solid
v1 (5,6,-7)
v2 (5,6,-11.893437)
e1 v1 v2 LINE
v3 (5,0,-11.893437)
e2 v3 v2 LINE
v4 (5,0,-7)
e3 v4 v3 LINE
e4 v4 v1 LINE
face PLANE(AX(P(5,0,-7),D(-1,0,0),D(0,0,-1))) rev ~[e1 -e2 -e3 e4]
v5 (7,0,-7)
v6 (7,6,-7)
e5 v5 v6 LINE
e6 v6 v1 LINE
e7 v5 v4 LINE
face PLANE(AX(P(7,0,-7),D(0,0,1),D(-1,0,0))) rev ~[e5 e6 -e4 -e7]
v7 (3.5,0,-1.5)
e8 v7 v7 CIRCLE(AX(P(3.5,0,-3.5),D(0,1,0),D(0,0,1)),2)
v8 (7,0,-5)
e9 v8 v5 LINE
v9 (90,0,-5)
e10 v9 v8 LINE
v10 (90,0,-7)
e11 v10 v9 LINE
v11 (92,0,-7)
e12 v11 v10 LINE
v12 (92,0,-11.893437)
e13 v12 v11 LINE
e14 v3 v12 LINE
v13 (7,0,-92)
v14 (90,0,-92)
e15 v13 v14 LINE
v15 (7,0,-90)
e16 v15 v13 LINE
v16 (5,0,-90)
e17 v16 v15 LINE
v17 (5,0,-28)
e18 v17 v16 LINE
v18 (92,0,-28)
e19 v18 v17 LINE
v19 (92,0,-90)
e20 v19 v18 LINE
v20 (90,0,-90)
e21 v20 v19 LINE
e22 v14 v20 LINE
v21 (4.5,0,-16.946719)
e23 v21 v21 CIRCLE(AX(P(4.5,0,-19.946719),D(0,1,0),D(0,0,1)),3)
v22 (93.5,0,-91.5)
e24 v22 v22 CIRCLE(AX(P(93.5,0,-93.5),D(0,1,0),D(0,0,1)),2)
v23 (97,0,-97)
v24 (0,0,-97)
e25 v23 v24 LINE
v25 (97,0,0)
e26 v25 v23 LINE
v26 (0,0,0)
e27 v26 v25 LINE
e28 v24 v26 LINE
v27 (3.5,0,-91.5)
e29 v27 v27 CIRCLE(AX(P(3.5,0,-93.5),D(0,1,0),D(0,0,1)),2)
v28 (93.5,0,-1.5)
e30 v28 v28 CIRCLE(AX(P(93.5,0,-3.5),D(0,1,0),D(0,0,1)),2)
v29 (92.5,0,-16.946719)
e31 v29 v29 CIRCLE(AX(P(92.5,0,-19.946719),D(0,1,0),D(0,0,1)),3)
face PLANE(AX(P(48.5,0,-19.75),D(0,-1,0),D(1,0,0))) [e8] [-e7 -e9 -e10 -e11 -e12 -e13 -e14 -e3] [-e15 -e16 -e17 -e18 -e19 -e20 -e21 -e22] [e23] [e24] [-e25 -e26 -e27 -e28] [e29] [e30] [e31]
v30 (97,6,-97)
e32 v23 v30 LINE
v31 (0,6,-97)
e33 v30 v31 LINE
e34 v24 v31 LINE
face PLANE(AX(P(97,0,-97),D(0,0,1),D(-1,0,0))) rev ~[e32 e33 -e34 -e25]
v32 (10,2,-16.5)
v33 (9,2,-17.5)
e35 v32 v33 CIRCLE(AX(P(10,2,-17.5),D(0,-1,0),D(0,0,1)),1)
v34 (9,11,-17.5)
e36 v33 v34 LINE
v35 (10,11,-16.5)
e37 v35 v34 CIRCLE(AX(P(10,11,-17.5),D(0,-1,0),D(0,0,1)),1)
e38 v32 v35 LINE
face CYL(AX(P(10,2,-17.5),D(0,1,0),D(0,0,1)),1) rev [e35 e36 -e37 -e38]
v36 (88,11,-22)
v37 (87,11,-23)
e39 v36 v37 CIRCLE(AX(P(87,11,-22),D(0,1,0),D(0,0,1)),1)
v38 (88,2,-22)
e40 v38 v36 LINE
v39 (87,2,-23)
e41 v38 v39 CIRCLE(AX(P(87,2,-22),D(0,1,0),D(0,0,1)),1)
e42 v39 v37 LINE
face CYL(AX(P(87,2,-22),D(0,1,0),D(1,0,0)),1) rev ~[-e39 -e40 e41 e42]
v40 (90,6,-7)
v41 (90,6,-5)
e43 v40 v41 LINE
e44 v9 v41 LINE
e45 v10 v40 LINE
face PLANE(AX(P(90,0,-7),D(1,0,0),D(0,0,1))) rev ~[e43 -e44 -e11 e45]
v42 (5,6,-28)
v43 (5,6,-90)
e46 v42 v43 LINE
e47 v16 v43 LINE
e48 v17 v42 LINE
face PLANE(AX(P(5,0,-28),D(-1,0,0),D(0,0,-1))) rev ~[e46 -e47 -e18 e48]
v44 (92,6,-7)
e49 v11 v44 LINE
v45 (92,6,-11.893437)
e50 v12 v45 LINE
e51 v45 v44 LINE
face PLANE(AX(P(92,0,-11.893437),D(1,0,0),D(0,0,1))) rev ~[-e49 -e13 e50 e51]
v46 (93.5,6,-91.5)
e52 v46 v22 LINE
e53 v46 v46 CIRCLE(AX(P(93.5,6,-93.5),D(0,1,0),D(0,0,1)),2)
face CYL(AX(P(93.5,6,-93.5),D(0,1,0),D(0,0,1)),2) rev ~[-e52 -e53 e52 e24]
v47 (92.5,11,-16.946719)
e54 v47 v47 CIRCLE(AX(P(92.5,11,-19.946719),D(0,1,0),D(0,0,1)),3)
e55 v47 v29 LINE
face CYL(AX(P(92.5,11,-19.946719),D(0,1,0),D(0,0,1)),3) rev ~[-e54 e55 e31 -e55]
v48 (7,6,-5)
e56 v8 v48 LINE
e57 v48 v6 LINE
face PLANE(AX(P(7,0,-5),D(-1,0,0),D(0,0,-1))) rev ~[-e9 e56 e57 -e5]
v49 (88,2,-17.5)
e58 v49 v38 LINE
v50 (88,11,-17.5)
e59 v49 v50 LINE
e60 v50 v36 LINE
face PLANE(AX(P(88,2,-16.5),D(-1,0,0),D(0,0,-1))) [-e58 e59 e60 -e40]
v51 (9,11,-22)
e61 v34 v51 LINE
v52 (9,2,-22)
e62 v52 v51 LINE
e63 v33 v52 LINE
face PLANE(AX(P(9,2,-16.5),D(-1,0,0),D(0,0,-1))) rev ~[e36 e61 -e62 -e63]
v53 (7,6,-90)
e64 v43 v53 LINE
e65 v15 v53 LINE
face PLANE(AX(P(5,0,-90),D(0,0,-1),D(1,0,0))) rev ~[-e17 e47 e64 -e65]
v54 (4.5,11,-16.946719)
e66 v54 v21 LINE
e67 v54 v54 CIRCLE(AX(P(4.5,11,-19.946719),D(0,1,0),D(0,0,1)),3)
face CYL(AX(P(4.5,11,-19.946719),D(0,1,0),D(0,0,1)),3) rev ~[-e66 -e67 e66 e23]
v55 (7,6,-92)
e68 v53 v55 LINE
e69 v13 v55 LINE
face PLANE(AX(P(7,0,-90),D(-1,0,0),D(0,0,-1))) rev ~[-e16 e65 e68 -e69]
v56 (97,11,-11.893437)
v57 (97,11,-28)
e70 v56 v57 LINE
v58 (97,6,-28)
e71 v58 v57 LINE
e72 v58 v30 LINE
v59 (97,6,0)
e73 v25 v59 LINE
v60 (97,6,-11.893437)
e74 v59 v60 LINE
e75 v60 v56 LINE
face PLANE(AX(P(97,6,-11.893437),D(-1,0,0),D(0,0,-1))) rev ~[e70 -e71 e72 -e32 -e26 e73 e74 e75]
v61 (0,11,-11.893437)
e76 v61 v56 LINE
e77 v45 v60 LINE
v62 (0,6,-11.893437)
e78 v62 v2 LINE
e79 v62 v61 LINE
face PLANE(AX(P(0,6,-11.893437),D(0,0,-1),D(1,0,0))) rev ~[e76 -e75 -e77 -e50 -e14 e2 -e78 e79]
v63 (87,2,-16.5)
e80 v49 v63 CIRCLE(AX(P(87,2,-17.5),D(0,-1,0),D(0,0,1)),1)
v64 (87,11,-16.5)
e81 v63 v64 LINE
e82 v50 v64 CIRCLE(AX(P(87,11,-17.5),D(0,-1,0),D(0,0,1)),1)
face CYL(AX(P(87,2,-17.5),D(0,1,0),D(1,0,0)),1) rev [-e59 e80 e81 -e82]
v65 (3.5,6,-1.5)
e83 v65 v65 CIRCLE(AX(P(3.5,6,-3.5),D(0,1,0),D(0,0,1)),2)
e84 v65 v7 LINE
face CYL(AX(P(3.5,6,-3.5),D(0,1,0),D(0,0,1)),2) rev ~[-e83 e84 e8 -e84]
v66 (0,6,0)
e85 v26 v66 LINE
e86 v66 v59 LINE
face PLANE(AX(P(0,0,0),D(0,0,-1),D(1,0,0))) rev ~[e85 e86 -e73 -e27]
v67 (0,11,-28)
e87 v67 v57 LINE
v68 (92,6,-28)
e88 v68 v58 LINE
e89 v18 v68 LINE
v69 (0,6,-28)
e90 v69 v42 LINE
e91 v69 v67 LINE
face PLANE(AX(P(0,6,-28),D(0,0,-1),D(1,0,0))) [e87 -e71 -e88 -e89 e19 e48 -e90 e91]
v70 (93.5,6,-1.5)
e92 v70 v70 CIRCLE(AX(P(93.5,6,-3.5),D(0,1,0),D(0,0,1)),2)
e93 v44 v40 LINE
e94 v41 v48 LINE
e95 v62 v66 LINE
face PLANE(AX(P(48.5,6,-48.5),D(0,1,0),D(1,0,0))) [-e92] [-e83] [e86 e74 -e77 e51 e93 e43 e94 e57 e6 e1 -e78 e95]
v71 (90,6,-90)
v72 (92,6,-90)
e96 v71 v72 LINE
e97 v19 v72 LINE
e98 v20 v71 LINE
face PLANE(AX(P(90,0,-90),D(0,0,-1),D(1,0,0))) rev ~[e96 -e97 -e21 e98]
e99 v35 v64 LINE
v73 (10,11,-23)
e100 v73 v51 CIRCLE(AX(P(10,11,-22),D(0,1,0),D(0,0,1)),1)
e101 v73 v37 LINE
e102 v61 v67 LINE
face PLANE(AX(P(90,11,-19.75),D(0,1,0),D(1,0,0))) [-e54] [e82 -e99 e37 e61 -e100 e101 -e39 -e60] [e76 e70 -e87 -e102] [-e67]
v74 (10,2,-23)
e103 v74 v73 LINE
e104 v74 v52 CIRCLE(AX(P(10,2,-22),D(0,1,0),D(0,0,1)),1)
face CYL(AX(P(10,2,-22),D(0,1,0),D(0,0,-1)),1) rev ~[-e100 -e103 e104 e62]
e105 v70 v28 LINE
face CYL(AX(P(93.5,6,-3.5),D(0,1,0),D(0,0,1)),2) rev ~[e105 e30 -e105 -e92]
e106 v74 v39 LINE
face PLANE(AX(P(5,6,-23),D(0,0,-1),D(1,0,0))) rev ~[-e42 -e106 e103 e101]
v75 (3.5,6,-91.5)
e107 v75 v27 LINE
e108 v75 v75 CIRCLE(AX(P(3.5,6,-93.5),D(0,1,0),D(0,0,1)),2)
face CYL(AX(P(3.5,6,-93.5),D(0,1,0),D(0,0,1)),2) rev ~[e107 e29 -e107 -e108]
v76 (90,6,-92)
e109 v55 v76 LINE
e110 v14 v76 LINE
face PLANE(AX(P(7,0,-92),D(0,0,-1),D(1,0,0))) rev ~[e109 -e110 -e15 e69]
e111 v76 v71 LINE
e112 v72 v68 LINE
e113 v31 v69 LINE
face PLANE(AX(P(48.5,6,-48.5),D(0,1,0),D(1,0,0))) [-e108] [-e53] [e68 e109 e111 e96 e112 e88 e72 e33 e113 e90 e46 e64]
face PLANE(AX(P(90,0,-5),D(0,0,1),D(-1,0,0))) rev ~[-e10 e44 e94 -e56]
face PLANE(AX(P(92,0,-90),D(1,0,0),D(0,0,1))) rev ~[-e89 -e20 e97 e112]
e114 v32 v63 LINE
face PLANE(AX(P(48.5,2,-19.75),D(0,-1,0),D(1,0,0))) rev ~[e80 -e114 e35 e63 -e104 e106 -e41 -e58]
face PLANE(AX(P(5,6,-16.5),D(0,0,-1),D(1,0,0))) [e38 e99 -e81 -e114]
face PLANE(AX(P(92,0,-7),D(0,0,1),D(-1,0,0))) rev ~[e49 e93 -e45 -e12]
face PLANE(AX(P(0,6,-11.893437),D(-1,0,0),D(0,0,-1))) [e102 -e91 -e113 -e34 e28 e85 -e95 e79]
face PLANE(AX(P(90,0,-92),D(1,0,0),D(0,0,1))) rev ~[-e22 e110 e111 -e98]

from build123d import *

# Parameters (mm, degrees)
BOSS_EXTRUDE1_DEPTH = 6
SKETCH6_W           = 87
SKETCH6_H           = 6.5
BOSS_EXTRUDE2_DEPTH = 2
SKETCH7_W           = 97
SKETCH7_H           = 16.106562898
SKETCH7_W_2         = 87
SKETCH7_H_2         = 6.5
BOSS_EXTRUDE3_DEPTH = 5
SKETCH8_R           = 2
CUT_EXTRUDE1_DEPTH  = 138.309868546
SKETCH10_W          = 4
SKETCH10_H          = 6.5
BOSS_EXTRUDE4_DEPTH = 9
SKETCH11_R          = 3
CUT_EXTRUDE2_DEPTH  = 21
FILLET1_R           = 1


with BuildPart() as part:
    # Sketch1 → Boss-Extrude1 (new body)
    with BuildSketch(Plane(origin=(0, 0, 0), x_dir=(1, 0, 0), z_dir=(0, 1, 0))):
        Polygon((0, 7), (0, 0), (7, 0), (90, 0), (97, 0), (97, 7), (97, 90), (97, 97), (90, 97), (7, 97), (0, 97), (0, 90), align=None)
        Polygon((7, 7), (5, 7), (5, 11.893437102), (92, 11.893437102), (92, 7), (90, 7), (90, 5), (7, 5), align=None, mode=Mode.SUBTRACT)
        Polygon((5, 23), (92, 23), (92, 16.5), (5, 16.5), (5, 16.893437102), align=None, mode=Mode.SUBTRACT)
        Polygon((7, 92), (90, 92), (90, 90), (92, 90), (92, 28), (5, 28), (5, 90), (7, 90), align=None, mode=Mode.SUBTRACT)
    extrude(amount=BOSS_EXTRUDE1_DEPTH)

    # Sketch6 → Boss-Extrude2 (add)
    with BuildSketch(Plane.XZ):
        with Locations((48.5, -19.75)):
            Rectangle(SKETCH6_W, SKETCH6_H)
    extrude(amount=-BOSS_EXTRUDE2_DEPTH)

    # Sketch7 → Boss-Extrude3 (add)
    with BuildSketch(Plane(origin=(0, 6, 0), x_dir=(1, 0, 0), z_dir=(0, 1, 0))):
        with Locations((48.5, 19.946718551)):
            Rectangle(SKETCH7_W, SKETCH7_H)
        with Locations((48.5, 19.75)):
            Rectangle(SKETCH7_W_2, SKETCH7_H_2, mode=Mode.SUBTRACT)
    extrude(amount=BOSS_EXTRUDE3_DEPTH)

    # Sketch8 → Cut-Extrude1 (cut, through all)
    with BuildSketch(Plane(origin=(0, 6, 0), x_dir=(1, 0, 0), z_dir=(0, 1, 0))):
        with Locations(Location((93.5, 93.5, 0), (0, 0, 270))):
            Circle(SKETCH8_R)
        with Locations(Location((3.5, 3.5, 0), (0, 0, 270))):
            Circle(SKETCH8_R)
        with Locations(Location((3.5, 93.5, 0), (0, 0, 270))):
            Circle(SKETCH8_R)
        with Locations(Location((93.5, 3.5, 0), (0, 0, 270))):
            Circle(SKETCH8_R)
    extrude(amount=-CUT_EXTRUDE1_DEPTH, mode=Mode.SUBTRACT)

    # Sketch10 → Boss-Extrude4 (add)
    with BuildSketch(Plane(origin=(0, 2, 0), x_dir=(1, 0, 0), z_dir=(0, 1, 0))):
        with Locations((90, 19.75)):
            Rectangle(SKETCH10_W, SKETCH10_H)
        with Locations((7, 19.75)):
            Rectangle(SKETCH10_W, SKETCH10_H)
    extrude(amount=BOSS_EXTRUDE4_DEPTH)

    # Sketch11 → Cut-Extrude2 (cut)
    with BuildSketch(Plane(origin=(0, 11, 0), x_dir=(1, 0, 0), z_dir=(0, 1, 0))):
        with Locations(Location((92.5, 19.946718551, 0), (0, 0, 270))):
            Circle(SKETCH11_R)
        with Locations(Location((4.5, 19.946718551, 0), (0, 0, 270))):
            Circle(SKETCH11_R)
    extrude(amount=-CUT_EXTRUDE2_DEPTH, mode=Mode.SUBTRACT)

    # Fillet1
    fillet1_edges = [part.edges().sort_by_distance(p)[0] for p in [
        (88, 6.5, -23),
        (88, 6.5, -16.5),
        (9, 6.5, -16.5),
        (9, 6.5, -23),
    ]]
    fillet(fillet1_edges, radius=FILLET1_R)


solid = part.part
